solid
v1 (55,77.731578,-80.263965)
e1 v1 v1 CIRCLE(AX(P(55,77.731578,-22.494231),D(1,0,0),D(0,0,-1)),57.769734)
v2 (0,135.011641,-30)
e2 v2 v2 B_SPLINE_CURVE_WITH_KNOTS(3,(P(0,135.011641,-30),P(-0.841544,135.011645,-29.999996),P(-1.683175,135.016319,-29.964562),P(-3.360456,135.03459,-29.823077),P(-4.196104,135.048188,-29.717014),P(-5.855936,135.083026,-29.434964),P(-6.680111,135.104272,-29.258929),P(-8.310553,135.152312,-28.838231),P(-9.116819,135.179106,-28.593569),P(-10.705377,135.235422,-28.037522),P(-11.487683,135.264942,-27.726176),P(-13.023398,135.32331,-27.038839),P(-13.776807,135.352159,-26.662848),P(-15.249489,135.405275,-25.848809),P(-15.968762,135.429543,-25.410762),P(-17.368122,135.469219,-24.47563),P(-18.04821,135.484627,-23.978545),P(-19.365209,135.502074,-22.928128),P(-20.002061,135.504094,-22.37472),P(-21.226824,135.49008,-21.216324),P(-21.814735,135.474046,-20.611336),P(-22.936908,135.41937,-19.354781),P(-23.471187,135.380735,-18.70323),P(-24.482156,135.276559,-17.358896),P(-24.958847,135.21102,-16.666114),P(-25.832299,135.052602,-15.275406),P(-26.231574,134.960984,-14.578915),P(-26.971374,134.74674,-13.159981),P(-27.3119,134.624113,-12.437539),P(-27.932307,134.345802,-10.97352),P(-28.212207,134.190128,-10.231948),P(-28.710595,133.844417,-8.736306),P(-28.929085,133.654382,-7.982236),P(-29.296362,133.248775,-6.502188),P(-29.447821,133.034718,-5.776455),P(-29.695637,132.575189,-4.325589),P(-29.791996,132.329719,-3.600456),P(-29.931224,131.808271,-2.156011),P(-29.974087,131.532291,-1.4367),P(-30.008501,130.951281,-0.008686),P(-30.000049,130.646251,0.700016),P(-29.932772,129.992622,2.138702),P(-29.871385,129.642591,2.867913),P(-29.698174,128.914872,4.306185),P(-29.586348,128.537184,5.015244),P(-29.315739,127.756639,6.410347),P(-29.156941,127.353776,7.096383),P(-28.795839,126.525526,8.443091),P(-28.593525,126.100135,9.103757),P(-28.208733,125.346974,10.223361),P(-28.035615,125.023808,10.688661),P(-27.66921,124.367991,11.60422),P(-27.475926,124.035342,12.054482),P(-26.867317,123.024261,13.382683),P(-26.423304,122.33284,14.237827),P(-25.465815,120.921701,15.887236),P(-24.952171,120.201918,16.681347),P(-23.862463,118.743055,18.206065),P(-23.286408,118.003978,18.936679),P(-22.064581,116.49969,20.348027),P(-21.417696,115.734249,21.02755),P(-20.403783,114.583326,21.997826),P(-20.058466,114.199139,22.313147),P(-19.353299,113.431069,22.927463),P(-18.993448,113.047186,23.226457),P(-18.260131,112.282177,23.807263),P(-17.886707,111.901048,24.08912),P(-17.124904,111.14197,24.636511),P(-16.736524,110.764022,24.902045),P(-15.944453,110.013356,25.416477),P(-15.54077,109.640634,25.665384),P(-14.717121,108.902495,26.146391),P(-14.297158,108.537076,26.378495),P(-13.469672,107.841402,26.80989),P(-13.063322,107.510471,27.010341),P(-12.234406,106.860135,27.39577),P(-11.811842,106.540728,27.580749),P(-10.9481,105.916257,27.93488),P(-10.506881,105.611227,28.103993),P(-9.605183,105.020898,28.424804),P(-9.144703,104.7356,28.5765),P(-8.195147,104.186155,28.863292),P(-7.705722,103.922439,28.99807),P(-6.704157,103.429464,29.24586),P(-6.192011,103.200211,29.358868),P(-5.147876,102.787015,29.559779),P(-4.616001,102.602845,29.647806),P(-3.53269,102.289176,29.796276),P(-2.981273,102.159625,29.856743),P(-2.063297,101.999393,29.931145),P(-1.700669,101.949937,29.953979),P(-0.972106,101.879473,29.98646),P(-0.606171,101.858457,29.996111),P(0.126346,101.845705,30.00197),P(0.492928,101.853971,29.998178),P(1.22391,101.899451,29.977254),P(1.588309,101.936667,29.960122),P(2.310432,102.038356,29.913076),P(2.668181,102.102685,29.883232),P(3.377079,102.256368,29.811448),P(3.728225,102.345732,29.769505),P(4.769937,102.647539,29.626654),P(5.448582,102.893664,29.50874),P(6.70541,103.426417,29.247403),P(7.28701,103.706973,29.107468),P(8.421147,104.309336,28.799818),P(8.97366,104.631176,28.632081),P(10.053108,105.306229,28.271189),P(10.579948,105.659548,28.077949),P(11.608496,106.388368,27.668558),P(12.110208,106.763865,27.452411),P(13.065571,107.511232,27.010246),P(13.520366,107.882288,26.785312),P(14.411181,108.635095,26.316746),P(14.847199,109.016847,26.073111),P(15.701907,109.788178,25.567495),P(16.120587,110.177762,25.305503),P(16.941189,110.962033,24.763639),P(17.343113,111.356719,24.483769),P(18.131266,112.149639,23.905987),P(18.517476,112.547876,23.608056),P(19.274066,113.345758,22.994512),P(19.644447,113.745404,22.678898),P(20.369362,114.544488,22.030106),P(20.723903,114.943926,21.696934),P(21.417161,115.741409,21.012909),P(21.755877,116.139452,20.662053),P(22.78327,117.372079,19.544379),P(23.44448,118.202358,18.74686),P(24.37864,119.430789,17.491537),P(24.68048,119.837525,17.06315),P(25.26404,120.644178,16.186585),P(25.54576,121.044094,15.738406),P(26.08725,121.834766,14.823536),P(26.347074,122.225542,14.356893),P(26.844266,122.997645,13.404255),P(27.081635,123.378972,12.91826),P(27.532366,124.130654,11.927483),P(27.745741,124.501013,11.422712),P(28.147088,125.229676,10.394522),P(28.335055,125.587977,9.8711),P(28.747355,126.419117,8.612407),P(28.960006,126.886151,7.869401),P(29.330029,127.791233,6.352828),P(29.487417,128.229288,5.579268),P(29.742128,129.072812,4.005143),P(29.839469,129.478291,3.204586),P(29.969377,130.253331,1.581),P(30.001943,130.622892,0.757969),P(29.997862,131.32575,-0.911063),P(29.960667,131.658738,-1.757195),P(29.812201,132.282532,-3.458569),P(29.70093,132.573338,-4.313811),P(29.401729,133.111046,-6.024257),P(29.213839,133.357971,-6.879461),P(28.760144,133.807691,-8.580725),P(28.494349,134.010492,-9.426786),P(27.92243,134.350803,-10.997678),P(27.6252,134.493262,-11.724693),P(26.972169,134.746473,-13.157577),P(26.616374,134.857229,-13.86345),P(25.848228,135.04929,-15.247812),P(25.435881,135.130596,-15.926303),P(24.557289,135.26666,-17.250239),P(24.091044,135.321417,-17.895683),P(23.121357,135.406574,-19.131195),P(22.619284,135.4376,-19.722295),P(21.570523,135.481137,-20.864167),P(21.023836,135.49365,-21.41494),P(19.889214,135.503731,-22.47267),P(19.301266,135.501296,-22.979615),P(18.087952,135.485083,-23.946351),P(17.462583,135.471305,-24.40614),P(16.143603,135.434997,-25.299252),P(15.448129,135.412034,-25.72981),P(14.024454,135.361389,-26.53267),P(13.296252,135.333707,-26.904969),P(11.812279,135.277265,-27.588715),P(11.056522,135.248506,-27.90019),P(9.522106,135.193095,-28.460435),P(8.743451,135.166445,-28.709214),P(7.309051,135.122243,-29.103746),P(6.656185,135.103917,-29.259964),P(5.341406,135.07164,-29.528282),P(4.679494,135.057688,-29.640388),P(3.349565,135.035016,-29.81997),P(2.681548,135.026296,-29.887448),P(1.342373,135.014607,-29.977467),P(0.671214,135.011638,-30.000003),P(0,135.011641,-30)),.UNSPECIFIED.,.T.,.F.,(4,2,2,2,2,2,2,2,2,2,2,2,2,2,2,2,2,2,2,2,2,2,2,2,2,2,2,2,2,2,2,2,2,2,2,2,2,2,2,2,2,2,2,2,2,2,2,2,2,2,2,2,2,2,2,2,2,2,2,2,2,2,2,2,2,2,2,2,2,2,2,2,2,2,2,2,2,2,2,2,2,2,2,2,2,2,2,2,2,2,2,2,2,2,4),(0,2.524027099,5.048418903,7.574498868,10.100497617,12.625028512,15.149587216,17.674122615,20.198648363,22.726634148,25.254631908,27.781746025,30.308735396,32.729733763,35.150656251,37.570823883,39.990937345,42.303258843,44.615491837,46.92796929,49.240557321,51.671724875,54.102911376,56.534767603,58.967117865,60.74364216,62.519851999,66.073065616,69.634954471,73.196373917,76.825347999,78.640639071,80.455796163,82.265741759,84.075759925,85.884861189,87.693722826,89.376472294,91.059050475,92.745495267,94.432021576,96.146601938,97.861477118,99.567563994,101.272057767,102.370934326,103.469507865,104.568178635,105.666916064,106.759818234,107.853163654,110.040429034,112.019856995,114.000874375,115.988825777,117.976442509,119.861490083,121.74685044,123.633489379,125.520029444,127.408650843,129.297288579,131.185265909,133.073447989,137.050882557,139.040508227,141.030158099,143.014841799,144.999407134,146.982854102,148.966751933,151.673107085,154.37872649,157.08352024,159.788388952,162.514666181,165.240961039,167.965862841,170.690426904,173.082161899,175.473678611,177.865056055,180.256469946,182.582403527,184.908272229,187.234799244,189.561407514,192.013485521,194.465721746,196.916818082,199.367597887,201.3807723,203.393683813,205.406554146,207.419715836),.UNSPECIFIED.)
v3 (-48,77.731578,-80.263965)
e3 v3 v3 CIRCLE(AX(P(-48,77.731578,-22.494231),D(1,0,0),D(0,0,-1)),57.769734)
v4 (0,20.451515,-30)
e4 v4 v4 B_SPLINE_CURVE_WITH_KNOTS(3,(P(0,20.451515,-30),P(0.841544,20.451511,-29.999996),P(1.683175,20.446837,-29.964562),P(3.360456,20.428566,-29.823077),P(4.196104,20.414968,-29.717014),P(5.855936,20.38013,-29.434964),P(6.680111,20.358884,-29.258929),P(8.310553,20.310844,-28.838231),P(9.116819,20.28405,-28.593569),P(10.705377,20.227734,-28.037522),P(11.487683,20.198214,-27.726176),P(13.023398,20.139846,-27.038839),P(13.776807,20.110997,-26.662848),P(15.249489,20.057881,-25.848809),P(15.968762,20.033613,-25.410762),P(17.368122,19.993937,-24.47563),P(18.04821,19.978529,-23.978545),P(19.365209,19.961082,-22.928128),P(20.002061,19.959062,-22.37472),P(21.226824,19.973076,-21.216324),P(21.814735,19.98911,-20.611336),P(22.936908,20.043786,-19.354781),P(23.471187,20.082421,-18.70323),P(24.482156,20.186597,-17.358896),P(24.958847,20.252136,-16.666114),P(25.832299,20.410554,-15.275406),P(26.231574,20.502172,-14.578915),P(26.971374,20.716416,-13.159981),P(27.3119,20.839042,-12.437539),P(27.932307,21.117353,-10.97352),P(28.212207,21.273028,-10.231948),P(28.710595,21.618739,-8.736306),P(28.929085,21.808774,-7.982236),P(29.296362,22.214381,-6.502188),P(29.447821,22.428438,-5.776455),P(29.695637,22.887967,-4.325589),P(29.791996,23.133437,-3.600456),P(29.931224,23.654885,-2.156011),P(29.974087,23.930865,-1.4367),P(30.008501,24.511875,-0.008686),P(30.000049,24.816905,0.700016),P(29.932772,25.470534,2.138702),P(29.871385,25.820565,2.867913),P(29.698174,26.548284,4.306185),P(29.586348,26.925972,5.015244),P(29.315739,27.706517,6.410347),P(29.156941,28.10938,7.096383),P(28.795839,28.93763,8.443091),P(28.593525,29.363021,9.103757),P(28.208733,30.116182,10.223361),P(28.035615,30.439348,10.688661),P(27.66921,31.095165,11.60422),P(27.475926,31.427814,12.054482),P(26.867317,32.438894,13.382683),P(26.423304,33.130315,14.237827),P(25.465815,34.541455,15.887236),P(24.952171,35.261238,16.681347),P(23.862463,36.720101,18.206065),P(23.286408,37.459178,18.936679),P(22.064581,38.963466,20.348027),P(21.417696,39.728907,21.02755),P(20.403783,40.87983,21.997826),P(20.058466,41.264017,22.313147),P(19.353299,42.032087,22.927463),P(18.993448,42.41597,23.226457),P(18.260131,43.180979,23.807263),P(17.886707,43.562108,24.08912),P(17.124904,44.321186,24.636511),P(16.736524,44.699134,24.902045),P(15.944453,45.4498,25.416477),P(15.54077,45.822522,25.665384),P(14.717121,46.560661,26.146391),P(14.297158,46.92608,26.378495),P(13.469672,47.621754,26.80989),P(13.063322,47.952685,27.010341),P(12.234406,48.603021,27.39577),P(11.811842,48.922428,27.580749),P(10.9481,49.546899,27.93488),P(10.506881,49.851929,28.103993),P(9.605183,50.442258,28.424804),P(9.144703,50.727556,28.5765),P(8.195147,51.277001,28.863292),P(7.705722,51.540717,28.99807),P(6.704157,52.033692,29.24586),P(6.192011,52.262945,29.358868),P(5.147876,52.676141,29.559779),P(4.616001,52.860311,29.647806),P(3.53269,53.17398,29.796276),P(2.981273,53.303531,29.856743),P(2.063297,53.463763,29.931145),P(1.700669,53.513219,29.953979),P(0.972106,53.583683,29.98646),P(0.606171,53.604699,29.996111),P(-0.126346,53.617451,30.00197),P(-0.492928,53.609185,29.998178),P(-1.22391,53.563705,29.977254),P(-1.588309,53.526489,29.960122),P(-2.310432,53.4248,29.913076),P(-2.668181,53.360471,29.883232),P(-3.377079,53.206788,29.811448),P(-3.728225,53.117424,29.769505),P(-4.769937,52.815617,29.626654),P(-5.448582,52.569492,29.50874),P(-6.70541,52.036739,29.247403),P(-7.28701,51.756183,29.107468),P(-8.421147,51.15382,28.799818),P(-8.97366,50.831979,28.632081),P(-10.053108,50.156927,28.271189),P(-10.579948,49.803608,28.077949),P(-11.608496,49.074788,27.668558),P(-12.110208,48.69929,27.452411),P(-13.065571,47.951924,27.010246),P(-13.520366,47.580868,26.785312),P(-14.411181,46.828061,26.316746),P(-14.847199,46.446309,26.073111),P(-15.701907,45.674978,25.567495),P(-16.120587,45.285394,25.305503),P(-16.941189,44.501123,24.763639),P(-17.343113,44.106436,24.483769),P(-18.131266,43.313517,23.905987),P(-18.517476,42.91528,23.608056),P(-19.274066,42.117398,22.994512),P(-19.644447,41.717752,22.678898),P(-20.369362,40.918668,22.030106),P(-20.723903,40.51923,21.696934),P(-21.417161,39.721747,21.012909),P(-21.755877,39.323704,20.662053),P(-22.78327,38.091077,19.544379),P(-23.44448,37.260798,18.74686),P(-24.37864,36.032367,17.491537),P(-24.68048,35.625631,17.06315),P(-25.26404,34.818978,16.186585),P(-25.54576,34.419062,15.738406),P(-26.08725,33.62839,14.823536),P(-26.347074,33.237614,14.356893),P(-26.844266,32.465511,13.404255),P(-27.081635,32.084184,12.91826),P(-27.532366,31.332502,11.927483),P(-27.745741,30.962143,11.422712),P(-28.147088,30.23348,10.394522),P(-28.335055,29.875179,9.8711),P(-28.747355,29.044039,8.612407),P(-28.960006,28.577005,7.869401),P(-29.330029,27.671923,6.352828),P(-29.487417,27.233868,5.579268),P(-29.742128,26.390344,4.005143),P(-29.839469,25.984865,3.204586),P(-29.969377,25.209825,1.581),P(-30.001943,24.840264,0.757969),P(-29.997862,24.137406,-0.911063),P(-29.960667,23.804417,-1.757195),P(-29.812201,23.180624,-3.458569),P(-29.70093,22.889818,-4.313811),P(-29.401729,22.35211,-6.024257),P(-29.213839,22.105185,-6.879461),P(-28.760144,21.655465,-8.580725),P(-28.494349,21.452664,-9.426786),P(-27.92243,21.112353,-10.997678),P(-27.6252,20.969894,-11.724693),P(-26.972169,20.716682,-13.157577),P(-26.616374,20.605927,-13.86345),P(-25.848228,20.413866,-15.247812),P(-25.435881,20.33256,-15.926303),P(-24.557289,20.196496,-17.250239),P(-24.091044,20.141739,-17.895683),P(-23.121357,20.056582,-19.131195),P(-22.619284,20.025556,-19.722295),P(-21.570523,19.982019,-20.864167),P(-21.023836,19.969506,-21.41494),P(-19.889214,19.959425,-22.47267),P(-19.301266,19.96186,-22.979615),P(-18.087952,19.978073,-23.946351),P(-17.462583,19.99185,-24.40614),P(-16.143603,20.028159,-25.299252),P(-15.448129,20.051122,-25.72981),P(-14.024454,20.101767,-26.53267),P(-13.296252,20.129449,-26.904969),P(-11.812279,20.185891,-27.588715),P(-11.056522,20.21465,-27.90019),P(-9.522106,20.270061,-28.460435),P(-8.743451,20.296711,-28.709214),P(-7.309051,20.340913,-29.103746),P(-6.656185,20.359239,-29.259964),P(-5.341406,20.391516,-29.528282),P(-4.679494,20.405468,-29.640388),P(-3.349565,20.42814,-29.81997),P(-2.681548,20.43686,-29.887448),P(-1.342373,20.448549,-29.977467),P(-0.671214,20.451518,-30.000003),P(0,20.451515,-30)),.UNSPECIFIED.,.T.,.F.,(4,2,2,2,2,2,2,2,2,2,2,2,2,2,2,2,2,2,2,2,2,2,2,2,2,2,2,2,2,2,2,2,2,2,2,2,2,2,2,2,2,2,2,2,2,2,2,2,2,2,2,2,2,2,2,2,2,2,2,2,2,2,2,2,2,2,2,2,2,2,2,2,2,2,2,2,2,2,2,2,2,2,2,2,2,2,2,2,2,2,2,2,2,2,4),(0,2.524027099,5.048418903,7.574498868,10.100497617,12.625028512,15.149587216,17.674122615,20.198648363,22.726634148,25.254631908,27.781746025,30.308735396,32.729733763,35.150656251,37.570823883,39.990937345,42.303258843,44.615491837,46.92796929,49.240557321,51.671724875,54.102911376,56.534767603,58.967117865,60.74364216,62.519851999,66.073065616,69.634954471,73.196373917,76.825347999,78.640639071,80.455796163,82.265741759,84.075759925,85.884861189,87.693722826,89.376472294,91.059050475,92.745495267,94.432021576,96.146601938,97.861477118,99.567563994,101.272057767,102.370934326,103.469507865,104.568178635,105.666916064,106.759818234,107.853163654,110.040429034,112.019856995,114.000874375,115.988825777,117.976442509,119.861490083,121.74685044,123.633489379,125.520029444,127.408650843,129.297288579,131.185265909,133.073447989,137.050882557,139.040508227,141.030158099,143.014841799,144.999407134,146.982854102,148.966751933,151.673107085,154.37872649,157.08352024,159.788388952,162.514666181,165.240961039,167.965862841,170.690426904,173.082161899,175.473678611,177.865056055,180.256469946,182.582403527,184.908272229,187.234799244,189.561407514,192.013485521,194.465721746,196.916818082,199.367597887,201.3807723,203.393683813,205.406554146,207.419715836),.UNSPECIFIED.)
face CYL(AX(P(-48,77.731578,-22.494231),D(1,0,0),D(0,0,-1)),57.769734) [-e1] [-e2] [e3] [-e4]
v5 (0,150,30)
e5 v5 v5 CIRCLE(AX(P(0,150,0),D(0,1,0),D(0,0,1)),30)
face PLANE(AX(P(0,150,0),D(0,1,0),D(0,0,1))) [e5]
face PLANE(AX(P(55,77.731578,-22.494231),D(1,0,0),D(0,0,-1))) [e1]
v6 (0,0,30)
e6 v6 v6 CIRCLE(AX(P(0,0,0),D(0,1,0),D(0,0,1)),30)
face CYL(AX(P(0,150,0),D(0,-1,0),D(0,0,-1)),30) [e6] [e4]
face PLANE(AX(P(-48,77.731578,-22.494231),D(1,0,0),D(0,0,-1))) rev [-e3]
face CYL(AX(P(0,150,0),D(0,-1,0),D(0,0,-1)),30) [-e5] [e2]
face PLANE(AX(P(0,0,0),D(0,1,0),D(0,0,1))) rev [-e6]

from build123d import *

# Parameters (mm, degrees)
SKETCH1_R                = 30
BOSS_EXTRUDE1_DEPTH      = 150
SKETCH3_R                = 57.769734486
BOSS_EXTRUDE2_DEPTH      = 25
BOSS_EXTRUDE2_DEPTH_BACK = 78


with BuildPart() as part:
    # Sketch1 → Boss-Extrude1 (new body)
    with BuildSketch(Plane(origin=(0, 0, 0), x_dir=(1, 0, 0), z_dir=(0, 1, 0))):
        Circle(SKETCH1_R)
    extrude(amount=BOSS_EXTRUDE1_DEPTH)

    # Sketch3 → Boss-Extrude2 (add, two sides)
    with BuildSketch(Plane(origin=(30, 0, 0), x_dir=(0, 0, -1), z_dir=(1, 0, 0))) as boss_extrude2_sk:
        with Locations((22.49423093, 77.731577971)):
            Circle(SKETCH3_R)
    extrude(amount=BOSS_EXTRUDE2_DEPTH)
    extrude(boss_extrude2_sk.sketch, amount=-BOSS_EXTRUDE2_DEPTH_BACK)


solid = part.part
